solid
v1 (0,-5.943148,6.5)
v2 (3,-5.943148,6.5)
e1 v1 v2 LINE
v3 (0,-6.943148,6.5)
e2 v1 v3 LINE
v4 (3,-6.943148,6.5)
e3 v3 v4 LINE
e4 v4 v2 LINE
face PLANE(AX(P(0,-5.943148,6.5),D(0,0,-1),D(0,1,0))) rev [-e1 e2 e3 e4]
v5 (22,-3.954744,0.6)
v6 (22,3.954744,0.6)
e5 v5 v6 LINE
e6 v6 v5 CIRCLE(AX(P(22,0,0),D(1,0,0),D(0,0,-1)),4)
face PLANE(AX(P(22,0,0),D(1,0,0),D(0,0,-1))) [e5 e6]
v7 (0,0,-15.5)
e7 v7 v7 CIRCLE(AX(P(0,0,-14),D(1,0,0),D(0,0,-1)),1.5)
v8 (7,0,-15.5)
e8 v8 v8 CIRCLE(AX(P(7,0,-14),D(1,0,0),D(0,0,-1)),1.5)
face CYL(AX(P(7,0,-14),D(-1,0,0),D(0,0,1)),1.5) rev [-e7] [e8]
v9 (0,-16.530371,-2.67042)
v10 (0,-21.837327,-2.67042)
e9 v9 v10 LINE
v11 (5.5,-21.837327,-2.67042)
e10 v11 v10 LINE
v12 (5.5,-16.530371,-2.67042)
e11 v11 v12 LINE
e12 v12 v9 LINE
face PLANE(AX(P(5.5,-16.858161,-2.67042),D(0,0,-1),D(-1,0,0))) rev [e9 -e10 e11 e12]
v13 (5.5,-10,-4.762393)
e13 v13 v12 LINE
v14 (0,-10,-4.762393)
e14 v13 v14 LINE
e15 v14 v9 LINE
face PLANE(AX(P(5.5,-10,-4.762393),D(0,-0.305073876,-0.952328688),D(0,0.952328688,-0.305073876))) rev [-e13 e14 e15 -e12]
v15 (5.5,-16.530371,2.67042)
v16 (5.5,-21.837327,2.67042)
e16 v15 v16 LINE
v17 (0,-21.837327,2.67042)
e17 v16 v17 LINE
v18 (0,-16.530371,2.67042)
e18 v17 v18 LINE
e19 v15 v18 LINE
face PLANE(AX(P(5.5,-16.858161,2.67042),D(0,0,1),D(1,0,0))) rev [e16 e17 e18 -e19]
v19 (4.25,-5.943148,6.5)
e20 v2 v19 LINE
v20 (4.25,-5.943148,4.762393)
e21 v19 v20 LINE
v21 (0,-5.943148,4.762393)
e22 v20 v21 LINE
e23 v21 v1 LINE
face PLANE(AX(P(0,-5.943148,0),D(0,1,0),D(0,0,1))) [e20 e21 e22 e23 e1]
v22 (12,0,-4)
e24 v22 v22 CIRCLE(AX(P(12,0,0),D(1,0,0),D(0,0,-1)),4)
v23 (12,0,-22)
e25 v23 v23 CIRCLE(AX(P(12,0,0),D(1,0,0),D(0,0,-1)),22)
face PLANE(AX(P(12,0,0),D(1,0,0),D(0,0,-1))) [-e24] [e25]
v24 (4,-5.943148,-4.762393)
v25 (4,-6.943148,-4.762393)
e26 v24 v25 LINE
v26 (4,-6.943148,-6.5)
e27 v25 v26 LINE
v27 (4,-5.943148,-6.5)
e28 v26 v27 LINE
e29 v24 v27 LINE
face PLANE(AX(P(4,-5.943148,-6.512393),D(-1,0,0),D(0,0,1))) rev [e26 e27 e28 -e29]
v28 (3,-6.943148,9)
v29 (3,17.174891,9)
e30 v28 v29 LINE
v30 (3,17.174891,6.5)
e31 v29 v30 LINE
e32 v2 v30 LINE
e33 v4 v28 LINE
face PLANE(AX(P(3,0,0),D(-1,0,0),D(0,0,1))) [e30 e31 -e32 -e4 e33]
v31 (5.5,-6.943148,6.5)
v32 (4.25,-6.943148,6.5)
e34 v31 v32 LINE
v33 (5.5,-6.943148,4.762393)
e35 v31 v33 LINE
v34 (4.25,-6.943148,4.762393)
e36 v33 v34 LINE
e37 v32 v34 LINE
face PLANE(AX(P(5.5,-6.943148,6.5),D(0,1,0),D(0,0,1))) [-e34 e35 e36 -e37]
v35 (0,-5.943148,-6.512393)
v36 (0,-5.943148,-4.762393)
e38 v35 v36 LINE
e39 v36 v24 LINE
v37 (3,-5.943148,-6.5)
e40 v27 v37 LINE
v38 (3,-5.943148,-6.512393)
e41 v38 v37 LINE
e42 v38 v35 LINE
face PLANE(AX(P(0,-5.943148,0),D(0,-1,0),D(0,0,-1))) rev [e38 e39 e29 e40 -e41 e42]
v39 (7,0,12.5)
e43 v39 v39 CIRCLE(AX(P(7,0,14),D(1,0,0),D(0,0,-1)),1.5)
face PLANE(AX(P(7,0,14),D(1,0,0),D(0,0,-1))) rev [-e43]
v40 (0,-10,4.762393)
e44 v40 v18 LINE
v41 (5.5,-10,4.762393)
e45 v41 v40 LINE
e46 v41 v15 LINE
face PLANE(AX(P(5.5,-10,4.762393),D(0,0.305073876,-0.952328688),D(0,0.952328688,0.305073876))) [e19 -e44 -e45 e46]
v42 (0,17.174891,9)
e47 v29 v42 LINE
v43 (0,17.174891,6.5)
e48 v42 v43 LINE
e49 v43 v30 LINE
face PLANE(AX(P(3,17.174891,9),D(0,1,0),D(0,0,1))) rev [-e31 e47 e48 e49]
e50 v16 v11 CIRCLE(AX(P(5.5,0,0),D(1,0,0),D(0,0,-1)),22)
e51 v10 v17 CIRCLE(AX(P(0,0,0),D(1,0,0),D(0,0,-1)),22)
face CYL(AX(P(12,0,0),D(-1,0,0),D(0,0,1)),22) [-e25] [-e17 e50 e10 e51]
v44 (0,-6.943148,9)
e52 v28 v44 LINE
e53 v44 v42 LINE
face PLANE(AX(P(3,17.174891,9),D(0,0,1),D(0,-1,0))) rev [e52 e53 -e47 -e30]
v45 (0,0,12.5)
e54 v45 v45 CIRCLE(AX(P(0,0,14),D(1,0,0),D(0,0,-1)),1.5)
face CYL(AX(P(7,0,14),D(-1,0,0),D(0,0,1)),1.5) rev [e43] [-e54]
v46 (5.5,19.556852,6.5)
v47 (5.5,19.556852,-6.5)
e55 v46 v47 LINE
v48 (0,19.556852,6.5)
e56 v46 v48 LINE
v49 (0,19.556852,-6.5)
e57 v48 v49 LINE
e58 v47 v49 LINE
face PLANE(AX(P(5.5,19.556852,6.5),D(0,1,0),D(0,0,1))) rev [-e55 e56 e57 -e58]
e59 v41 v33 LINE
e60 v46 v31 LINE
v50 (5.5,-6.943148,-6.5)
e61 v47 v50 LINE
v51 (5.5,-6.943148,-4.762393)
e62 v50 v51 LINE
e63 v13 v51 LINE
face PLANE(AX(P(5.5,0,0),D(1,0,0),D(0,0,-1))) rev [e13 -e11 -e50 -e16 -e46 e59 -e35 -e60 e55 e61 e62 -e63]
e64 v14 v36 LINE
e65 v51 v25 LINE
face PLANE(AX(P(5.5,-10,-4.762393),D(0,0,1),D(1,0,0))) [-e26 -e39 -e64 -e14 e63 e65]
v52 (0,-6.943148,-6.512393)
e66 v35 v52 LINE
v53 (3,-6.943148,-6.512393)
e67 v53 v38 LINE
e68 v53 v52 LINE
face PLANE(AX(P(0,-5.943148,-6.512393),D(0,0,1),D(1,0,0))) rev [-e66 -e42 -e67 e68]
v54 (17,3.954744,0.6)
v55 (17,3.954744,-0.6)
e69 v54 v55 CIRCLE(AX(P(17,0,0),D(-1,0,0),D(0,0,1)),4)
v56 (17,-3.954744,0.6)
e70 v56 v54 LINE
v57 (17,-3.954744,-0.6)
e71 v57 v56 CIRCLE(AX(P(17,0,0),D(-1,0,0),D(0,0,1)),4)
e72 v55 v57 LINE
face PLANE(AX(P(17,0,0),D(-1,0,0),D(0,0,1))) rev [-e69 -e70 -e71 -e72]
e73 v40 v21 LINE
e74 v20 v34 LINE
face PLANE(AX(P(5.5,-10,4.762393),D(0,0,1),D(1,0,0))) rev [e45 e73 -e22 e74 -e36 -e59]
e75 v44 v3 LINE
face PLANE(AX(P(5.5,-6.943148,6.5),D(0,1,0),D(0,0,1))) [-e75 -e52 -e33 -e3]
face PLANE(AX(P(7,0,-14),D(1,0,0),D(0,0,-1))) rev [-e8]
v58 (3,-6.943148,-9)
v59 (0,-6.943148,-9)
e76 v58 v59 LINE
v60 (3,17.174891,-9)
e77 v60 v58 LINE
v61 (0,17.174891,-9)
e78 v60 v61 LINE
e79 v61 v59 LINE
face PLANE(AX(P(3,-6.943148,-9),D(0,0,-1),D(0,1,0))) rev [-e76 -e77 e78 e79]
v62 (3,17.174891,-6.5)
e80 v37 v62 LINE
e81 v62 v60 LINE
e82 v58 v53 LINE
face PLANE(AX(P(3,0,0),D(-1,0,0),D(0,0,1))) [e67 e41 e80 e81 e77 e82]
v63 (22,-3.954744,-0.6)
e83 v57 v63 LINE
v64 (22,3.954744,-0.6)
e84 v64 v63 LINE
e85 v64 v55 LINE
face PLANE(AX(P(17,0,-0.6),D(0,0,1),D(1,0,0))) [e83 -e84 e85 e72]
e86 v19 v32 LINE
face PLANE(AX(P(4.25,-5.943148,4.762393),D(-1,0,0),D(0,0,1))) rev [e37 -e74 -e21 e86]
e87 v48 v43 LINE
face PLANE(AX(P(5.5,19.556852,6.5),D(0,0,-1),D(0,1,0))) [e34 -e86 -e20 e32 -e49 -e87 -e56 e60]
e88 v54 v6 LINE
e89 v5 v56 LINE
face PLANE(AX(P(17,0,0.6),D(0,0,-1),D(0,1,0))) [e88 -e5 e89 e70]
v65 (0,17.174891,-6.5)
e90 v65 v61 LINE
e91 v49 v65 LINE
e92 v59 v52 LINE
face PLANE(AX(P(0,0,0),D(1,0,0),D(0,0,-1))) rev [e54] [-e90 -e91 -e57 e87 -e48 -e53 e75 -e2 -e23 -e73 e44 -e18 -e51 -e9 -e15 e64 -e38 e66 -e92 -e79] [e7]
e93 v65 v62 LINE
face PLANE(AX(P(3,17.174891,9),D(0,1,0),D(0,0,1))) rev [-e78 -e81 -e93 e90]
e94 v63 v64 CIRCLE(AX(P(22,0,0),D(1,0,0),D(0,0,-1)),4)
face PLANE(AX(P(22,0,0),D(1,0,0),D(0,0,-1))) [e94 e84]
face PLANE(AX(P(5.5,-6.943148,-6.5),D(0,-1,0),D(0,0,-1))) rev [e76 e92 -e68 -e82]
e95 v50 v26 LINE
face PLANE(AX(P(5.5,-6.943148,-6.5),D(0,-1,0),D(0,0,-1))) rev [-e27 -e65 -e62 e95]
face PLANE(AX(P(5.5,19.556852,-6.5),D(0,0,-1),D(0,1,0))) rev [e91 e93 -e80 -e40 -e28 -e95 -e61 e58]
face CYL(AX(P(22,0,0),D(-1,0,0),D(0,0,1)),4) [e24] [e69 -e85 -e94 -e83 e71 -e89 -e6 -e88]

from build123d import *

# Parameters (mm, degrees)
SKETCH1_R           = 22
BOSS_EXTRUDE1_DEPTH = 12
CUT_EXTRUDE2_DEPTH  = 5.5
SKETCH15_W          = 18
SKETCH15_H          = 24.118038922
CUT_EXTRUDE3_DEPTH  = 3
SKETCH16_R          = 4
BOSS_EXTRUDE2_DEPTH = 10
CUT_EXTRUDE4_START  = 22
SKETCH8_W           = 1.2
SKETCH8_H           = 10
CUT_EXTRUDE4_DEPTH  = 5
SKETCH17_W          = 4
SKETCH17_H          = 1.75
BOSS_EXTRUDE3_DEPTH = 1
SKETCH18_W          = 4.25
SKETCH18_H          = 1.737607108
BOSS_EXTRUDE4_DEPTH = 1
SKETCH22_R          = 1.5
CUT_EXTRUDE7_DEPTH  = 7


with BuildPart() as part:
    # Sketch1 → Boss-Extrude1 (new body)
    with BuildSketch(Plane(origin=(0, 0, 0), x_dir=(0, 0, -1), z_dir=(1, 0, 0))):
        Circle(SKETCH1_R)
    extrude(amount=BOSS_EXTRUDE1_DEPTH)

    # Sketch13 → Cut-Extrude2 (cut)
    with BuildSketch(Plane(origin=(0, 0, 0), x_dir=(0, 0, -1), z_dir=(1, 0, 0))):
        with BuildLine():
            Line((-2.670420152, -16.85816067), (-2.670420152, -16.530371213))
            Line((-2.670420152, -16.530371213), (-4.762392892, -10))
            Line((-4.762392892, -10), (-4.762392892, -6.943148259))
            Line((-4.762392892, -6.943148259), (-6.5, -6.943148259))
            Line((-6.5, -6.943148259), (-6.5, 19.556851741))
            Line((-6.5, 19.556851741), (6.5, 19.556851741))
            Line((6.5, 19.556851741), (6.5, -6.943148259))
            Line((6.5, -6.943148259), (4.762392892, -6.943148259))
            Line((4.762392892, -6.943148259), (4.762392892, -10))
            Line((4.762392892, -10), (2.670420152, -16.530371213))
            Line((2.670420152, -16.530371213), (2.670420152, -16.85816067))
            Line((2.670420152, -16.85816067), (2.670420152, -21.837327131))
            ThreePointArc((2.670420152, -21.837327131), (1.836835043, -21.92318492), (1.000584871, -21.977234355))
            Line((1.000584871, -21.977234355), (0, -25.25))
            Line((0, -25.25), (-1.000584871, -21.977234355))
            ThreePointArc((-1.000584871, -21.977234355), (-1.836835043, -21.92318492), (-2.670420152, -21.837327131))
            Line((-2.670420152, -21.837327131), (-2.670420152, -16.85816067))
        make_face()
    extrude(amount=CUT_EXTRUDE2_DEPTH, mode=Mode.SUBTRACT)

    # Sketch15 → Cut-Extrude3 (cut)
    with BuildSketch(Plane.ZY):
        with Locations((0, 5.115871202)):
            Rectangle(SKETCH15_W, SKETCH15_H)
    extrude(amount=-CUT_EXTRUDE3_DEPTH, mode=Mode.SUBTRACT)

    # Sketch16 → Boss-Extrude2 (add)
    with BuildSketch(Plane(origin=(12, 0, 0), x_dir=(0, 0, -1), z_dir=(1, 0, 0))):
        Circle(SKETCH16_R)
    extrude(amount=BOSS_EXTRUDE2_DEPTH)

    # Sketch8 → Cut-Extrude4 (cut)
    with BuildSketch(Plane(origin=(0, 0, 0), x_dir=(0, 0, -1), z_dir=(1, 0, 0)).offset(CUT_EXTRUDE4_START)):
        Rectangle(SKETCH8_W, SKETCH8_H)
    extrude(amount=-CUT_EXTRUDE4_DEPTH, mode=Mode.SUBTRACT)

    # Sketch17 → Boss-Extrude3 (add)
    with BuildSketch(Plane(origin=(0, -6.943148259, 0), x_dir=(1, 0, 0), z_dir=(0, 1, 0))):
        with Locations((2, 5.637392892)):
            Rectangle(SKETCH17_W, SKETCH17_H)
    extrude(amount=BOSS_EXTRUDE3_DEPTH)

    # Sketch18 → Boss-Extrude4 (add)
    with BuildSketch(Plane(origin=(0, -6.943148259, 0), x_dir=(1, 0, 0), z_dir=(0, 1, 0))):
        with Locations((2.125, -5.631196446)):
            Rectangle(SKETCH18_W, SKETCH18_H)
    extrude(amount=BOSS_EXTRUDE4_DEPTH)

    # Sketch22 → Cut-Extrude7 (cut)
    with BuildSketch(Plane(origin=(0, 0, 0), x_dir=(0, 0, -1), z_dir=(1, 0, 0))):
        with Locations((-14, 0)):
            Circle(SKETCH22_R)
        with Locations((14, 0)):
            Circle(SKETCH22_R)
    extrude(amount=CUT_EXTRUDE7_DEPTH, mode=Mode.SUBTRACT)


solid = part.part
